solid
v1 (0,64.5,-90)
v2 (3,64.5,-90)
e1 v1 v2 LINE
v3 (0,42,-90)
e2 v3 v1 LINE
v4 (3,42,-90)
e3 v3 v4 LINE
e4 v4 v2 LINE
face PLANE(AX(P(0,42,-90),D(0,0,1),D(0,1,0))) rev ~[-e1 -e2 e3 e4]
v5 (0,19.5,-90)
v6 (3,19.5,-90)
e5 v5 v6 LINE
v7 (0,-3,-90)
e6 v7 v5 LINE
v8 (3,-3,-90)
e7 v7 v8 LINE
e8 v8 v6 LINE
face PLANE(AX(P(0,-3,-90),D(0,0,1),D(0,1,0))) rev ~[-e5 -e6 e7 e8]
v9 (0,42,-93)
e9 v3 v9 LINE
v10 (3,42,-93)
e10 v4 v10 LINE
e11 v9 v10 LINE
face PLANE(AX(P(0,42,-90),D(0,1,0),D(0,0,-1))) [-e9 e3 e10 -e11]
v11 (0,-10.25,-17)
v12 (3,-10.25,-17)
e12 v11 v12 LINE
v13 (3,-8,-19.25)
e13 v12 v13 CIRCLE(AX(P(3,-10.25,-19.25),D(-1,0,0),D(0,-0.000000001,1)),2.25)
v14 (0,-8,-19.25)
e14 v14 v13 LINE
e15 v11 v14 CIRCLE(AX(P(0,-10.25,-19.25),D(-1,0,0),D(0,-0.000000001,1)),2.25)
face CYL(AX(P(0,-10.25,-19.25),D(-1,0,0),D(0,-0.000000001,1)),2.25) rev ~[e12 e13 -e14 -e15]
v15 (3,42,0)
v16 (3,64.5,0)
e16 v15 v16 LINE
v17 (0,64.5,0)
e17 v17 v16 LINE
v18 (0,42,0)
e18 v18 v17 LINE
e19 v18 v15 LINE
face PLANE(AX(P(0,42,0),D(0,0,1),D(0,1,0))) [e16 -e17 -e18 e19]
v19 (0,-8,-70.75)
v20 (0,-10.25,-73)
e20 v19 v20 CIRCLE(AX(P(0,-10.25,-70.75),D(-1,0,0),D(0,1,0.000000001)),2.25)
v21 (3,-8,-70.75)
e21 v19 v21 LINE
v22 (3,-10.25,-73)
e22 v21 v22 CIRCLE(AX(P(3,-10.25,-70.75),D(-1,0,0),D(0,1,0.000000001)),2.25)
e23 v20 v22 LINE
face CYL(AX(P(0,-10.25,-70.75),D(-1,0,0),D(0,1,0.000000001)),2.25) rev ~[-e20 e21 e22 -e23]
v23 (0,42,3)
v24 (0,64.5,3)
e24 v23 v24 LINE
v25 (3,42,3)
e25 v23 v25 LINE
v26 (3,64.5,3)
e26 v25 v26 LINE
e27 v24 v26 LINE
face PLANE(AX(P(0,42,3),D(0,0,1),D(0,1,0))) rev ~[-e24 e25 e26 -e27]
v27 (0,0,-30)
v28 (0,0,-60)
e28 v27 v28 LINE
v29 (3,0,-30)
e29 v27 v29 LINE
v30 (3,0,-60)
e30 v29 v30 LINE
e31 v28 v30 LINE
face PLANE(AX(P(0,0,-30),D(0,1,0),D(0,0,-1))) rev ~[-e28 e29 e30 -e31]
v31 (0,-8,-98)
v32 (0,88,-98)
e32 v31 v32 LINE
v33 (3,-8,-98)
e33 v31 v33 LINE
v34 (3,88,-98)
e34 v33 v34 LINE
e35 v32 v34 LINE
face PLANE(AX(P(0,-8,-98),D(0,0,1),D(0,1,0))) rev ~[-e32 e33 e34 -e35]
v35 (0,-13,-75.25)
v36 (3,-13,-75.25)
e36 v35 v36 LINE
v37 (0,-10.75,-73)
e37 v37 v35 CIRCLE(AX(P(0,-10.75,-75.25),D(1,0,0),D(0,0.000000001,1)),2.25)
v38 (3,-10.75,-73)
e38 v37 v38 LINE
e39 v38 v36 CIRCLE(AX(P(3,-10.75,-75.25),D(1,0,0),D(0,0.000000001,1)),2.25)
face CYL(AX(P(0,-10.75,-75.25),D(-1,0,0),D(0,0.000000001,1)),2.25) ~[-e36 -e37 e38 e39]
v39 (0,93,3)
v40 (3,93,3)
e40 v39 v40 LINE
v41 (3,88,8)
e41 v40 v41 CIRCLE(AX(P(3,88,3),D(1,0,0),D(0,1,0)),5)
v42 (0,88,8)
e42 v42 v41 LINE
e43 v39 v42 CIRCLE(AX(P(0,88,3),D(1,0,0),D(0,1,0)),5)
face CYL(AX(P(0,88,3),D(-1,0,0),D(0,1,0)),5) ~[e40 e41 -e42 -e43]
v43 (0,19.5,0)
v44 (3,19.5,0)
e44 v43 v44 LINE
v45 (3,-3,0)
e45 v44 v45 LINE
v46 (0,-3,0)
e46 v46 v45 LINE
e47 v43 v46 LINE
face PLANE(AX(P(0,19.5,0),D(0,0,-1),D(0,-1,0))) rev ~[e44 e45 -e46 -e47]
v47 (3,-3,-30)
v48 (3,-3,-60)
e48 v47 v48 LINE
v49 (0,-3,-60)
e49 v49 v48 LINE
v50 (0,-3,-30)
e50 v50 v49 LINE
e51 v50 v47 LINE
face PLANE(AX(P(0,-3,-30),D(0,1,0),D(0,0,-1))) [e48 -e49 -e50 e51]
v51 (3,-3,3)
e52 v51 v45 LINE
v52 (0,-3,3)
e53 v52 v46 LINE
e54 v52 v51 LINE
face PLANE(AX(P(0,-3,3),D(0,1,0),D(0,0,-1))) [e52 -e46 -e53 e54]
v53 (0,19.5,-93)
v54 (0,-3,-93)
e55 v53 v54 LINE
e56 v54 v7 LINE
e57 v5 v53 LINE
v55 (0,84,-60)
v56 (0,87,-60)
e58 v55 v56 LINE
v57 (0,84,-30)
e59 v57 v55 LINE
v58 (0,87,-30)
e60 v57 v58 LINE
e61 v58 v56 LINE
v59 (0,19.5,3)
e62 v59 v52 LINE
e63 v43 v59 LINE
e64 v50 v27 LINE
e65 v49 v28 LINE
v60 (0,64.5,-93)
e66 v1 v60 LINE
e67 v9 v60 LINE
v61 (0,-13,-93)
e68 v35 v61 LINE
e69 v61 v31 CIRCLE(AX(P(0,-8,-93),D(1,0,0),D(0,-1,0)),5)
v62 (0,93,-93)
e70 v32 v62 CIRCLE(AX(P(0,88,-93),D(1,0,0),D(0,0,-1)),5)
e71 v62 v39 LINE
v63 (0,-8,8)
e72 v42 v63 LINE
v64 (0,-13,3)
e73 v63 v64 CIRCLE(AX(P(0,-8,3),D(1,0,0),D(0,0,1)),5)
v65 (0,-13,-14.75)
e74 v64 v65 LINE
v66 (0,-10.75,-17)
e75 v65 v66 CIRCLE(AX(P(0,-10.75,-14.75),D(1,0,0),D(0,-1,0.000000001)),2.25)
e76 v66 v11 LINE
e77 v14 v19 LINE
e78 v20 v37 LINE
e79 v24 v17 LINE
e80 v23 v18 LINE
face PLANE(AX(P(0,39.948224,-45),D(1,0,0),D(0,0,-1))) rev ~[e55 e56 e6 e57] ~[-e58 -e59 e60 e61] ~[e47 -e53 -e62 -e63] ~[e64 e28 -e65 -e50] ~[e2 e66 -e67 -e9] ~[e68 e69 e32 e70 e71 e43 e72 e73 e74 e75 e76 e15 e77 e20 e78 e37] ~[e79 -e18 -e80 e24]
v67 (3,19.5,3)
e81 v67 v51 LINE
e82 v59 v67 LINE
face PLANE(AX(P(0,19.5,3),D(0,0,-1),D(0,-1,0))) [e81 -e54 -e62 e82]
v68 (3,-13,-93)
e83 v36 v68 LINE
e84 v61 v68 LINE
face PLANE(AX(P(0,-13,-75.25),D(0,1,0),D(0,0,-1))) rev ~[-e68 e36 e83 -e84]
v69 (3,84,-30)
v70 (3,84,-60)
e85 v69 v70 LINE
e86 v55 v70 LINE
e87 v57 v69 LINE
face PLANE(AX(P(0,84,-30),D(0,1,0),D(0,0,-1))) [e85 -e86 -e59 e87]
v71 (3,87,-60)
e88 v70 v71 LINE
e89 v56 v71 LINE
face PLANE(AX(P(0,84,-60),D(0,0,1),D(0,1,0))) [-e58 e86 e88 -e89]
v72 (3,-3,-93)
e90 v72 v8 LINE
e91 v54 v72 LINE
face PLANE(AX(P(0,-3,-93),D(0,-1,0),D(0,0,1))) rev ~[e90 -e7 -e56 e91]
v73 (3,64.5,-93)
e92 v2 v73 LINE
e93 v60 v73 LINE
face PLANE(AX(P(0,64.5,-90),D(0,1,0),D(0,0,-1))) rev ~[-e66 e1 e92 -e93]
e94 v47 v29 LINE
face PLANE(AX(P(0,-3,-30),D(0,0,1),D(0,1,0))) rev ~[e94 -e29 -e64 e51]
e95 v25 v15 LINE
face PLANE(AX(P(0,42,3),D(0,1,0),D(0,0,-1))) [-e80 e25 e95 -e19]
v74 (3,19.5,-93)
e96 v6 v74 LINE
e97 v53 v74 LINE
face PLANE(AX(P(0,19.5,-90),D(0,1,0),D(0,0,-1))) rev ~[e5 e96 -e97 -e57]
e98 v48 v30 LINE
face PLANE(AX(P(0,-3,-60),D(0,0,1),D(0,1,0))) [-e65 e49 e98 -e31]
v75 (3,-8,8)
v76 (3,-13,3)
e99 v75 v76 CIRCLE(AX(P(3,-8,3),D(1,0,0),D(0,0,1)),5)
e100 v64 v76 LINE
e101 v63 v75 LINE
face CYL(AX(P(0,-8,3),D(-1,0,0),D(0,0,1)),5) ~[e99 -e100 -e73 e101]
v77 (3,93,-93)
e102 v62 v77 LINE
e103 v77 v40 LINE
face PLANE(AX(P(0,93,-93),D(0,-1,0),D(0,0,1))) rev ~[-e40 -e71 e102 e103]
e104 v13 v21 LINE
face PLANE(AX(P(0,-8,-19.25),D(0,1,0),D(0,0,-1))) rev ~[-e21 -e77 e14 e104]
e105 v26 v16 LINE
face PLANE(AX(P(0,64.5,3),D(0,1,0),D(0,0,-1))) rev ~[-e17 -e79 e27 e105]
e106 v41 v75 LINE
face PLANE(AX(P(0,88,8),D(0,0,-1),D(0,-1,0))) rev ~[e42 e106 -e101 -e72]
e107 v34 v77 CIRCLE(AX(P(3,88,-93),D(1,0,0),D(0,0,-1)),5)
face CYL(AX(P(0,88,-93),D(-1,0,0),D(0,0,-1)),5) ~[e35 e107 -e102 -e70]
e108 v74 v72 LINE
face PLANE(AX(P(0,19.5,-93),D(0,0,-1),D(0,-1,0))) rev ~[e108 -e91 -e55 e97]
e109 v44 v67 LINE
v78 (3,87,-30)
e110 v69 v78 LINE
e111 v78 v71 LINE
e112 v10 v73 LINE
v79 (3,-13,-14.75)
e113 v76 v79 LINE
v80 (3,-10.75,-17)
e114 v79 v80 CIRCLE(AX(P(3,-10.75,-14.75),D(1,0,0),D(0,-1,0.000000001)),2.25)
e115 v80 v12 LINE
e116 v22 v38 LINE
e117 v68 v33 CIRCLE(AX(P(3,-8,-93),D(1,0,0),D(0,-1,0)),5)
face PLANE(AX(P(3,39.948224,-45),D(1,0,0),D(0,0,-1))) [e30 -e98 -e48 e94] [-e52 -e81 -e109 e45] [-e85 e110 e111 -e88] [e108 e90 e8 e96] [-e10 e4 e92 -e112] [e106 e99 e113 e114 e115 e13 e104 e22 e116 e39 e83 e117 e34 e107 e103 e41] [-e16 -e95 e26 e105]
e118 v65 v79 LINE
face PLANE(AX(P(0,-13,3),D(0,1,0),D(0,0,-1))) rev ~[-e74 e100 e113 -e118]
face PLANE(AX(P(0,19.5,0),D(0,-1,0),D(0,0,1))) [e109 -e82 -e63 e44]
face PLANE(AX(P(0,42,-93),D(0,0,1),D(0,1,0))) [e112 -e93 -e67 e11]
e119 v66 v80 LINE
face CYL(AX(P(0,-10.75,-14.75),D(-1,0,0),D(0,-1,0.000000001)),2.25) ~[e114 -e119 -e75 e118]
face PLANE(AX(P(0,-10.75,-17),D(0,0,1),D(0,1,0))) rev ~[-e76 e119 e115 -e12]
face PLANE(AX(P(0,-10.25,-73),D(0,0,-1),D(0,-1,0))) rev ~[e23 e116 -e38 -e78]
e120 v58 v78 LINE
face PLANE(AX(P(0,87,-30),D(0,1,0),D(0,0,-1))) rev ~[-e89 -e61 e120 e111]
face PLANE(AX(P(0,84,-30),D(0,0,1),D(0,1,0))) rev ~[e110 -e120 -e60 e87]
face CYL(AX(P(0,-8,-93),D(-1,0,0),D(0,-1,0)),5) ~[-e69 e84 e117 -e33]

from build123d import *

# Parameters (mm, degrees)
SKETCH1_W           = 30
SKETCH1_H           = 3
SKETCH1_W_2         = 3
SKETCH1_H_2         = 22.5
BOSS_EXTRUDE1_DEPTH = 3


with BuildPart() as part:
    # Sketch1 → Boss-Extrude1 (new body)
    with BuildSketch(Plane(origin=(0, 0, 0), x_dir=(0, 0, -1), z_dir=(1, 0, 0))):
        with BuildLine():
            Line((75.25, -13), (93, -13))
            ThreePointArc((93, -13), (96.535533906, -11.535533906), (98, -8))
            Line((98, -8), (98, 88))
            ThreePointArc((98, 88), (96.535533906, 91.535533906), (93, 93))
            Line((93, 93), (-3, 93))
            ThreePointArc((-3, 93), (-6.535533906, 91.535533906), (-8, 88))
            Line((-8, 88), (-8, -8))
            ThreePointArc((-8, -8), (-6.535533906, -11.535533906), (-3, -13))
            Line((-3, -13), (14.75, -13))
            ThreePointArc((14.75, -13), (16.340990258, -12.340990258), (17, -10.75))
            Line((17, -10.75), (17, -10.25))
            ThreePointArc((17, -10.25), (17.659009742, -8.659009742), (19.25, -8))
            Line((19.25, -8), (70.75, -8))
            ThreePointArc((70.75, -8), (72.340990258, -8.659009742), (73, -10.25))
            Line((73, -10.25), (73, -10.75))
            ThreePointArc((73, -10.75), (73.659009742, -12.340990258), (75.25, -13))
        make_face()
        Polygon((0, 0), (0, 19.5), (-3, 19.5), (-3, -3), (0, -3), align=None, mode=Mode.SUBTRACT)
        Polygon((90, 0), (90, 19.5), (93, 19.5), (93, -3), (90, -3), align=None, mode=Mode.SUBTRACT)
        with Locations((45, 85.5)):
            Rectangle(SKETCH1_W, SKETCH1_H, mode=Mode.SUBTRACT)
        with Locations((45, -1.5)):
            Rectangle(SKETCH1_W, SKETCH1_H, mode=Mode.SUBTRACT)
        with Locations((91.5, 53.25)):
            Rectangle(SKETCH1_W_2, SKETCH1_H_2, mode=Mode.SUBTRACT)
        with Locations((-1.5, 53.25)):
            Rectangle(SKETCH1_W_2, SKETCH1_H_2, mode=Mode.SUBTRACT)
    extrude(amount=BOSS_EXTRUDE1_DEPTH)


solid = part.part
